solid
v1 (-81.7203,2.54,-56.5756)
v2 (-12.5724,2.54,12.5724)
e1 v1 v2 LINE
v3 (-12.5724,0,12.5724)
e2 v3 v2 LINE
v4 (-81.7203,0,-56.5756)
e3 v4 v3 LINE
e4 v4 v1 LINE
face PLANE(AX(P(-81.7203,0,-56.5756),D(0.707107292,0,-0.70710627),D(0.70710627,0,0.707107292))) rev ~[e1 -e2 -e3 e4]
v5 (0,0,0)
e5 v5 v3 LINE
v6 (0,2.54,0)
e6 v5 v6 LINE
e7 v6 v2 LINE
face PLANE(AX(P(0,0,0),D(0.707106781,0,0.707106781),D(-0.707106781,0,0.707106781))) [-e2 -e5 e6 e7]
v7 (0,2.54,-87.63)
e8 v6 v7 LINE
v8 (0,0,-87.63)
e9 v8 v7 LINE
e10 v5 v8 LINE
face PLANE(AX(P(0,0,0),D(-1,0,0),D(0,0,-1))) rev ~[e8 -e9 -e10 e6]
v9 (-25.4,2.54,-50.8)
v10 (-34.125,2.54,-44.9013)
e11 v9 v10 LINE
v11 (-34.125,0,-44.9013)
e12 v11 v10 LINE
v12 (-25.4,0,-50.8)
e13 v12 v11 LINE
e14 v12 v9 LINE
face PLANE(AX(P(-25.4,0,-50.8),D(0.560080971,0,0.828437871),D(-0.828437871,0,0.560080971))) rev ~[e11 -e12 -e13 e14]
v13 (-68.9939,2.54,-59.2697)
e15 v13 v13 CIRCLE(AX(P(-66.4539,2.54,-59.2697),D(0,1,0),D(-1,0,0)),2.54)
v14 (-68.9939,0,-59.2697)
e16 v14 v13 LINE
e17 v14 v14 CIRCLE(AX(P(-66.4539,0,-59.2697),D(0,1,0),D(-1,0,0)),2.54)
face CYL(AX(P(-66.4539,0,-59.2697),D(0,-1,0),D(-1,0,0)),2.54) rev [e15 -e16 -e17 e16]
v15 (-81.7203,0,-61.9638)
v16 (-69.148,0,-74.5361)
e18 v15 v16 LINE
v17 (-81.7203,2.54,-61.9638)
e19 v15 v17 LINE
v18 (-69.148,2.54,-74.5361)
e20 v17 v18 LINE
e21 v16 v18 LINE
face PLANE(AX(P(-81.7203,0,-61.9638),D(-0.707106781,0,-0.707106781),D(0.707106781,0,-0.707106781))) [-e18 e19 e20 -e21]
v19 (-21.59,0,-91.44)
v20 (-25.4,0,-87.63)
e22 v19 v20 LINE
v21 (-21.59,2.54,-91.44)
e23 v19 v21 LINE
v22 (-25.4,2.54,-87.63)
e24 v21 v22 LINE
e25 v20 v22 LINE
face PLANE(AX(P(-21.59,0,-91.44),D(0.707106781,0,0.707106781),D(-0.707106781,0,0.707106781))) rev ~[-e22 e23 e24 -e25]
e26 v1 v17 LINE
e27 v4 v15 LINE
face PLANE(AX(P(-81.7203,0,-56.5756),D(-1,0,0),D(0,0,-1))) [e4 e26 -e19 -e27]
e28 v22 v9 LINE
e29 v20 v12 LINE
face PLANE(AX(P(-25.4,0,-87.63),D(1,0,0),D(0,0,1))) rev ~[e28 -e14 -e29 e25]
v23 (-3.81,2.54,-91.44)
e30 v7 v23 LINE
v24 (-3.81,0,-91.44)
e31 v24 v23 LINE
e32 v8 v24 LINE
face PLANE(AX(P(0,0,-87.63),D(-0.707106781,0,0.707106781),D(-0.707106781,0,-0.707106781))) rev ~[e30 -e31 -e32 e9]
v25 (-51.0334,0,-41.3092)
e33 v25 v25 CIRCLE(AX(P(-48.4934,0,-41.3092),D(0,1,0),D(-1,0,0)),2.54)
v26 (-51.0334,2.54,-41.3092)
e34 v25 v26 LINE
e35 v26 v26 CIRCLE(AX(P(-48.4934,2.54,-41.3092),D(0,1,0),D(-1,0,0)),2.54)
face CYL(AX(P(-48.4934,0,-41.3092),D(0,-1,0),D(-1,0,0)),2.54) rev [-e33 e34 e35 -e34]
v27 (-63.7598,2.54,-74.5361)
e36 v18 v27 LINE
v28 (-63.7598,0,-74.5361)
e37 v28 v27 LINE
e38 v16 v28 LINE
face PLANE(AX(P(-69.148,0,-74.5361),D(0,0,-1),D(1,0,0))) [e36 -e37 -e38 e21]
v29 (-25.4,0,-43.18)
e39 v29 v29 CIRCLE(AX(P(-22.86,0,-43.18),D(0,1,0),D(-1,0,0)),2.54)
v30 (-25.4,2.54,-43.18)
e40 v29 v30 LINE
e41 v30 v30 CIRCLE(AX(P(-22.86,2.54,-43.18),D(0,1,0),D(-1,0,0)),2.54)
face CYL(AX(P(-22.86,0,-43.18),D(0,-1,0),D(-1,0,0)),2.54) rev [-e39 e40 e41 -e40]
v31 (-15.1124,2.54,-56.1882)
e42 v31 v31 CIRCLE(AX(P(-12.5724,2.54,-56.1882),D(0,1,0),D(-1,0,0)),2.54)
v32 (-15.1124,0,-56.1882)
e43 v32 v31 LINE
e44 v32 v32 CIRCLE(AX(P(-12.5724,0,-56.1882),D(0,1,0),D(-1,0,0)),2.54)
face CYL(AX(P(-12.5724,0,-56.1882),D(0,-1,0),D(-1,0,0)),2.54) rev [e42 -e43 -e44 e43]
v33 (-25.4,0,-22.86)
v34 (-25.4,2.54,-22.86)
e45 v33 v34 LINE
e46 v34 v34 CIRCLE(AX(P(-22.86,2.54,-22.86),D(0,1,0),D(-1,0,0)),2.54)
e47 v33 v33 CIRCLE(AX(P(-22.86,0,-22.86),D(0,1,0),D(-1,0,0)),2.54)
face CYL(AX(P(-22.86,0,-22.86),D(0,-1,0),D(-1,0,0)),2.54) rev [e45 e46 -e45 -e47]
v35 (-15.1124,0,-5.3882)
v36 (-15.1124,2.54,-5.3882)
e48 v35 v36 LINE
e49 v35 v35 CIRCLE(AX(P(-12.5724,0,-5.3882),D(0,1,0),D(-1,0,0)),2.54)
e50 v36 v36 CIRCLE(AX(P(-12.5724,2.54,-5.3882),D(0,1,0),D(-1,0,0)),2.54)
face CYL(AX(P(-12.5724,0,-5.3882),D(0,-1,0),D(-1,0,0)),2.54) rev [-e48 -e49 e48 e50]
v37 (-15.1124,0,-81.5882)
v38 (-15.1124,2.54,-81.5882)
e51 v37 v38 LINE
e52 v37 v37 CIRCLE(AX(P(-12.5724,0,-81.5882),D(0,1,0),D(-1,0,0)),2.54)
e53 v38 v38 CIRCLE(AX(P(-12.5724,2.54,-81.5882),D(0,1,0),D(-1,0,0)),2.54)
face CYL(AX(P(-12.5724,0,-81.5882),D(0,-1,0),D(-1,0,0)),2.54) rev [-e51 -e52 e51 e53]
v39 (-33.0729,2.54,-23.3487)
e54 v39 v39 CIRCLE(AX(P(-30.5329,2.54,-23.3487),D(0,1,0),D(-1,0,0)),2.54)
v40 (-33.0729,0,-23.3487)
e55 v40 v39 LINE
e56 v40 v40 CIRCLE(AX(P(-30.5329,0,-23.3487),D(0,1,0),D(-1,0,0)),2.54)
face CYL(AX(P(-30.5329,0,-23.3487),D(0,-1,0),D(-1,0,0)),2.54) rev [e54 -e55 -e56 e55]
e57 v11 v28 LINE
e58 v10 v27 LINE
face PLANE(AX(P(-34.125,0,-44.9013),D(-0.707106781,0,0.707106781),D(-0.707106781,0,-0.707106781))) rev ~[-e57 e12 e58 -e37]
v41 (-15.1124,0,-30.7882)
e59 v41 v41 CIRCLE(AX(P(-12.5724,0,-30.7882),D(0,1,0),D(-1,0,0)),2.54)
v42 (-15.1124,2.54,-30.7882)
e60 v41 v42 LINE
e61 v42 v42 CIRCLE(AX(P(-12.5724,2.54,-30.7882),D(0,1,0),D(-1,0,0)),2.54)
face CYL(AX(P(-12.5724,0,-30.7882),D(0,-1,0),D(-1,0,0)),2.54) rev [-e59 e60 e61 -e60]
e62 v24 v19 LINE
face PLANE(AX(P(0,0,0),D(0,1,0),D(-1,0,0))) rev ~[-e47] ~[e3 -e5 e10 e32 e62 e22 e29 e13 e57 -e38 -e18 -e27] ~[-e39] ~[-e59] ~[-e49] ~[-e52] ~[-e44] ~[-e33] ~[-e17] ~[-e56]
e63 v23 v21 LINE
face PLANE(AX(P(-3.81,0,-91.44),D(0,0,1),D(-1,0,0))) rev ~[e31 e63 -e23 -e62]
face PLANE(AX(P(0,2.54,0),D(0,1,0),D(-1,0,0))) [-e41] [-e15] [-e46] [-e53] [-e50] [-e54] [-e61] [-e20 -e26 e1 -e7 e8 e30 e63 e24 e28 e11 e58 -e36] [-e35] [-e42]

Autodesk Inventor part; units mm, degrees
ref_plane "YZ Plane" through (0, 0, 0) normal (1, 0, 0) x (0, 1, 0)
ref_plane "XZ Plane" through (0, 0, 0) normal (0, 1, 0) x (-1, 0, 0)
ref_plane "XY Plane" through (0, 0, 0) normal (0, 0, 1) x (1, 0, 0)
sketch "Sketch1" plane through (0, 0, 0) normal (0, 1, 0) x (-1, 0, 0)
  line L0 (0, 0) -> (12.5724, 12.5724)
  line L1 (0, 0) -> (17.78, 0) construction
  line L2 (25.4, -50.8) -> (34.125, -44.9013)
  circle A0 centre (66.4539, -59.2697) radius 2.54
  circle A1 centre (48.4934, -41.3092) radius 2.54
  circle A2 centre (30.5329, -23.3487) radius 2.54
  circle A3 centre (12.5724, -5.3882) radius 2.54
  circle A4 centre (12.5724, -30.7882) radius 2.54
  circle A5 centre (12.5724, -56.1882) radius 2.54
  circle A6 centre (12.5724, -81.5882) radius 2.54
  circle A7 centre (22.86, -43.18) radius 2.54
  circle A8 centre (22.86, -22.86) radius 2.54
  line L3 (81.7203, -56.5756) -> (81.7203, -61.9638)
  line L4 (69.148, -74.5361) -> (63.7598, -74.5361)
  line L5 (21.59, -91.44) -> (25.4, -87.63)
  line L6 (0, -87.63) -> (3.81, -91.44)
  line L7 (81.7203, -61.9638) -> (69.148, -74.5361)
  line L8 (81.7203, -56.5756) -> (12.5724, 12.5724)
  line L9 (0, 0) -> (0, -87.63)
  line L10 (3.81, -91.44) -> (21.59, -91.44)
  line L11 (25.4, -87.63) -> (25.4, -50.8)
  line L12 (34.125, -44.9013) -> (63.7598, -74.5361)
  dimension "d3" = 17.78
  dimension "d4" = 45
extrude "Extrusion1" add sketch "Sketch1" along normal blind 2.54
properties part number "1in 60deg bracket for alu extrusion" material "Steel, Alloy"
